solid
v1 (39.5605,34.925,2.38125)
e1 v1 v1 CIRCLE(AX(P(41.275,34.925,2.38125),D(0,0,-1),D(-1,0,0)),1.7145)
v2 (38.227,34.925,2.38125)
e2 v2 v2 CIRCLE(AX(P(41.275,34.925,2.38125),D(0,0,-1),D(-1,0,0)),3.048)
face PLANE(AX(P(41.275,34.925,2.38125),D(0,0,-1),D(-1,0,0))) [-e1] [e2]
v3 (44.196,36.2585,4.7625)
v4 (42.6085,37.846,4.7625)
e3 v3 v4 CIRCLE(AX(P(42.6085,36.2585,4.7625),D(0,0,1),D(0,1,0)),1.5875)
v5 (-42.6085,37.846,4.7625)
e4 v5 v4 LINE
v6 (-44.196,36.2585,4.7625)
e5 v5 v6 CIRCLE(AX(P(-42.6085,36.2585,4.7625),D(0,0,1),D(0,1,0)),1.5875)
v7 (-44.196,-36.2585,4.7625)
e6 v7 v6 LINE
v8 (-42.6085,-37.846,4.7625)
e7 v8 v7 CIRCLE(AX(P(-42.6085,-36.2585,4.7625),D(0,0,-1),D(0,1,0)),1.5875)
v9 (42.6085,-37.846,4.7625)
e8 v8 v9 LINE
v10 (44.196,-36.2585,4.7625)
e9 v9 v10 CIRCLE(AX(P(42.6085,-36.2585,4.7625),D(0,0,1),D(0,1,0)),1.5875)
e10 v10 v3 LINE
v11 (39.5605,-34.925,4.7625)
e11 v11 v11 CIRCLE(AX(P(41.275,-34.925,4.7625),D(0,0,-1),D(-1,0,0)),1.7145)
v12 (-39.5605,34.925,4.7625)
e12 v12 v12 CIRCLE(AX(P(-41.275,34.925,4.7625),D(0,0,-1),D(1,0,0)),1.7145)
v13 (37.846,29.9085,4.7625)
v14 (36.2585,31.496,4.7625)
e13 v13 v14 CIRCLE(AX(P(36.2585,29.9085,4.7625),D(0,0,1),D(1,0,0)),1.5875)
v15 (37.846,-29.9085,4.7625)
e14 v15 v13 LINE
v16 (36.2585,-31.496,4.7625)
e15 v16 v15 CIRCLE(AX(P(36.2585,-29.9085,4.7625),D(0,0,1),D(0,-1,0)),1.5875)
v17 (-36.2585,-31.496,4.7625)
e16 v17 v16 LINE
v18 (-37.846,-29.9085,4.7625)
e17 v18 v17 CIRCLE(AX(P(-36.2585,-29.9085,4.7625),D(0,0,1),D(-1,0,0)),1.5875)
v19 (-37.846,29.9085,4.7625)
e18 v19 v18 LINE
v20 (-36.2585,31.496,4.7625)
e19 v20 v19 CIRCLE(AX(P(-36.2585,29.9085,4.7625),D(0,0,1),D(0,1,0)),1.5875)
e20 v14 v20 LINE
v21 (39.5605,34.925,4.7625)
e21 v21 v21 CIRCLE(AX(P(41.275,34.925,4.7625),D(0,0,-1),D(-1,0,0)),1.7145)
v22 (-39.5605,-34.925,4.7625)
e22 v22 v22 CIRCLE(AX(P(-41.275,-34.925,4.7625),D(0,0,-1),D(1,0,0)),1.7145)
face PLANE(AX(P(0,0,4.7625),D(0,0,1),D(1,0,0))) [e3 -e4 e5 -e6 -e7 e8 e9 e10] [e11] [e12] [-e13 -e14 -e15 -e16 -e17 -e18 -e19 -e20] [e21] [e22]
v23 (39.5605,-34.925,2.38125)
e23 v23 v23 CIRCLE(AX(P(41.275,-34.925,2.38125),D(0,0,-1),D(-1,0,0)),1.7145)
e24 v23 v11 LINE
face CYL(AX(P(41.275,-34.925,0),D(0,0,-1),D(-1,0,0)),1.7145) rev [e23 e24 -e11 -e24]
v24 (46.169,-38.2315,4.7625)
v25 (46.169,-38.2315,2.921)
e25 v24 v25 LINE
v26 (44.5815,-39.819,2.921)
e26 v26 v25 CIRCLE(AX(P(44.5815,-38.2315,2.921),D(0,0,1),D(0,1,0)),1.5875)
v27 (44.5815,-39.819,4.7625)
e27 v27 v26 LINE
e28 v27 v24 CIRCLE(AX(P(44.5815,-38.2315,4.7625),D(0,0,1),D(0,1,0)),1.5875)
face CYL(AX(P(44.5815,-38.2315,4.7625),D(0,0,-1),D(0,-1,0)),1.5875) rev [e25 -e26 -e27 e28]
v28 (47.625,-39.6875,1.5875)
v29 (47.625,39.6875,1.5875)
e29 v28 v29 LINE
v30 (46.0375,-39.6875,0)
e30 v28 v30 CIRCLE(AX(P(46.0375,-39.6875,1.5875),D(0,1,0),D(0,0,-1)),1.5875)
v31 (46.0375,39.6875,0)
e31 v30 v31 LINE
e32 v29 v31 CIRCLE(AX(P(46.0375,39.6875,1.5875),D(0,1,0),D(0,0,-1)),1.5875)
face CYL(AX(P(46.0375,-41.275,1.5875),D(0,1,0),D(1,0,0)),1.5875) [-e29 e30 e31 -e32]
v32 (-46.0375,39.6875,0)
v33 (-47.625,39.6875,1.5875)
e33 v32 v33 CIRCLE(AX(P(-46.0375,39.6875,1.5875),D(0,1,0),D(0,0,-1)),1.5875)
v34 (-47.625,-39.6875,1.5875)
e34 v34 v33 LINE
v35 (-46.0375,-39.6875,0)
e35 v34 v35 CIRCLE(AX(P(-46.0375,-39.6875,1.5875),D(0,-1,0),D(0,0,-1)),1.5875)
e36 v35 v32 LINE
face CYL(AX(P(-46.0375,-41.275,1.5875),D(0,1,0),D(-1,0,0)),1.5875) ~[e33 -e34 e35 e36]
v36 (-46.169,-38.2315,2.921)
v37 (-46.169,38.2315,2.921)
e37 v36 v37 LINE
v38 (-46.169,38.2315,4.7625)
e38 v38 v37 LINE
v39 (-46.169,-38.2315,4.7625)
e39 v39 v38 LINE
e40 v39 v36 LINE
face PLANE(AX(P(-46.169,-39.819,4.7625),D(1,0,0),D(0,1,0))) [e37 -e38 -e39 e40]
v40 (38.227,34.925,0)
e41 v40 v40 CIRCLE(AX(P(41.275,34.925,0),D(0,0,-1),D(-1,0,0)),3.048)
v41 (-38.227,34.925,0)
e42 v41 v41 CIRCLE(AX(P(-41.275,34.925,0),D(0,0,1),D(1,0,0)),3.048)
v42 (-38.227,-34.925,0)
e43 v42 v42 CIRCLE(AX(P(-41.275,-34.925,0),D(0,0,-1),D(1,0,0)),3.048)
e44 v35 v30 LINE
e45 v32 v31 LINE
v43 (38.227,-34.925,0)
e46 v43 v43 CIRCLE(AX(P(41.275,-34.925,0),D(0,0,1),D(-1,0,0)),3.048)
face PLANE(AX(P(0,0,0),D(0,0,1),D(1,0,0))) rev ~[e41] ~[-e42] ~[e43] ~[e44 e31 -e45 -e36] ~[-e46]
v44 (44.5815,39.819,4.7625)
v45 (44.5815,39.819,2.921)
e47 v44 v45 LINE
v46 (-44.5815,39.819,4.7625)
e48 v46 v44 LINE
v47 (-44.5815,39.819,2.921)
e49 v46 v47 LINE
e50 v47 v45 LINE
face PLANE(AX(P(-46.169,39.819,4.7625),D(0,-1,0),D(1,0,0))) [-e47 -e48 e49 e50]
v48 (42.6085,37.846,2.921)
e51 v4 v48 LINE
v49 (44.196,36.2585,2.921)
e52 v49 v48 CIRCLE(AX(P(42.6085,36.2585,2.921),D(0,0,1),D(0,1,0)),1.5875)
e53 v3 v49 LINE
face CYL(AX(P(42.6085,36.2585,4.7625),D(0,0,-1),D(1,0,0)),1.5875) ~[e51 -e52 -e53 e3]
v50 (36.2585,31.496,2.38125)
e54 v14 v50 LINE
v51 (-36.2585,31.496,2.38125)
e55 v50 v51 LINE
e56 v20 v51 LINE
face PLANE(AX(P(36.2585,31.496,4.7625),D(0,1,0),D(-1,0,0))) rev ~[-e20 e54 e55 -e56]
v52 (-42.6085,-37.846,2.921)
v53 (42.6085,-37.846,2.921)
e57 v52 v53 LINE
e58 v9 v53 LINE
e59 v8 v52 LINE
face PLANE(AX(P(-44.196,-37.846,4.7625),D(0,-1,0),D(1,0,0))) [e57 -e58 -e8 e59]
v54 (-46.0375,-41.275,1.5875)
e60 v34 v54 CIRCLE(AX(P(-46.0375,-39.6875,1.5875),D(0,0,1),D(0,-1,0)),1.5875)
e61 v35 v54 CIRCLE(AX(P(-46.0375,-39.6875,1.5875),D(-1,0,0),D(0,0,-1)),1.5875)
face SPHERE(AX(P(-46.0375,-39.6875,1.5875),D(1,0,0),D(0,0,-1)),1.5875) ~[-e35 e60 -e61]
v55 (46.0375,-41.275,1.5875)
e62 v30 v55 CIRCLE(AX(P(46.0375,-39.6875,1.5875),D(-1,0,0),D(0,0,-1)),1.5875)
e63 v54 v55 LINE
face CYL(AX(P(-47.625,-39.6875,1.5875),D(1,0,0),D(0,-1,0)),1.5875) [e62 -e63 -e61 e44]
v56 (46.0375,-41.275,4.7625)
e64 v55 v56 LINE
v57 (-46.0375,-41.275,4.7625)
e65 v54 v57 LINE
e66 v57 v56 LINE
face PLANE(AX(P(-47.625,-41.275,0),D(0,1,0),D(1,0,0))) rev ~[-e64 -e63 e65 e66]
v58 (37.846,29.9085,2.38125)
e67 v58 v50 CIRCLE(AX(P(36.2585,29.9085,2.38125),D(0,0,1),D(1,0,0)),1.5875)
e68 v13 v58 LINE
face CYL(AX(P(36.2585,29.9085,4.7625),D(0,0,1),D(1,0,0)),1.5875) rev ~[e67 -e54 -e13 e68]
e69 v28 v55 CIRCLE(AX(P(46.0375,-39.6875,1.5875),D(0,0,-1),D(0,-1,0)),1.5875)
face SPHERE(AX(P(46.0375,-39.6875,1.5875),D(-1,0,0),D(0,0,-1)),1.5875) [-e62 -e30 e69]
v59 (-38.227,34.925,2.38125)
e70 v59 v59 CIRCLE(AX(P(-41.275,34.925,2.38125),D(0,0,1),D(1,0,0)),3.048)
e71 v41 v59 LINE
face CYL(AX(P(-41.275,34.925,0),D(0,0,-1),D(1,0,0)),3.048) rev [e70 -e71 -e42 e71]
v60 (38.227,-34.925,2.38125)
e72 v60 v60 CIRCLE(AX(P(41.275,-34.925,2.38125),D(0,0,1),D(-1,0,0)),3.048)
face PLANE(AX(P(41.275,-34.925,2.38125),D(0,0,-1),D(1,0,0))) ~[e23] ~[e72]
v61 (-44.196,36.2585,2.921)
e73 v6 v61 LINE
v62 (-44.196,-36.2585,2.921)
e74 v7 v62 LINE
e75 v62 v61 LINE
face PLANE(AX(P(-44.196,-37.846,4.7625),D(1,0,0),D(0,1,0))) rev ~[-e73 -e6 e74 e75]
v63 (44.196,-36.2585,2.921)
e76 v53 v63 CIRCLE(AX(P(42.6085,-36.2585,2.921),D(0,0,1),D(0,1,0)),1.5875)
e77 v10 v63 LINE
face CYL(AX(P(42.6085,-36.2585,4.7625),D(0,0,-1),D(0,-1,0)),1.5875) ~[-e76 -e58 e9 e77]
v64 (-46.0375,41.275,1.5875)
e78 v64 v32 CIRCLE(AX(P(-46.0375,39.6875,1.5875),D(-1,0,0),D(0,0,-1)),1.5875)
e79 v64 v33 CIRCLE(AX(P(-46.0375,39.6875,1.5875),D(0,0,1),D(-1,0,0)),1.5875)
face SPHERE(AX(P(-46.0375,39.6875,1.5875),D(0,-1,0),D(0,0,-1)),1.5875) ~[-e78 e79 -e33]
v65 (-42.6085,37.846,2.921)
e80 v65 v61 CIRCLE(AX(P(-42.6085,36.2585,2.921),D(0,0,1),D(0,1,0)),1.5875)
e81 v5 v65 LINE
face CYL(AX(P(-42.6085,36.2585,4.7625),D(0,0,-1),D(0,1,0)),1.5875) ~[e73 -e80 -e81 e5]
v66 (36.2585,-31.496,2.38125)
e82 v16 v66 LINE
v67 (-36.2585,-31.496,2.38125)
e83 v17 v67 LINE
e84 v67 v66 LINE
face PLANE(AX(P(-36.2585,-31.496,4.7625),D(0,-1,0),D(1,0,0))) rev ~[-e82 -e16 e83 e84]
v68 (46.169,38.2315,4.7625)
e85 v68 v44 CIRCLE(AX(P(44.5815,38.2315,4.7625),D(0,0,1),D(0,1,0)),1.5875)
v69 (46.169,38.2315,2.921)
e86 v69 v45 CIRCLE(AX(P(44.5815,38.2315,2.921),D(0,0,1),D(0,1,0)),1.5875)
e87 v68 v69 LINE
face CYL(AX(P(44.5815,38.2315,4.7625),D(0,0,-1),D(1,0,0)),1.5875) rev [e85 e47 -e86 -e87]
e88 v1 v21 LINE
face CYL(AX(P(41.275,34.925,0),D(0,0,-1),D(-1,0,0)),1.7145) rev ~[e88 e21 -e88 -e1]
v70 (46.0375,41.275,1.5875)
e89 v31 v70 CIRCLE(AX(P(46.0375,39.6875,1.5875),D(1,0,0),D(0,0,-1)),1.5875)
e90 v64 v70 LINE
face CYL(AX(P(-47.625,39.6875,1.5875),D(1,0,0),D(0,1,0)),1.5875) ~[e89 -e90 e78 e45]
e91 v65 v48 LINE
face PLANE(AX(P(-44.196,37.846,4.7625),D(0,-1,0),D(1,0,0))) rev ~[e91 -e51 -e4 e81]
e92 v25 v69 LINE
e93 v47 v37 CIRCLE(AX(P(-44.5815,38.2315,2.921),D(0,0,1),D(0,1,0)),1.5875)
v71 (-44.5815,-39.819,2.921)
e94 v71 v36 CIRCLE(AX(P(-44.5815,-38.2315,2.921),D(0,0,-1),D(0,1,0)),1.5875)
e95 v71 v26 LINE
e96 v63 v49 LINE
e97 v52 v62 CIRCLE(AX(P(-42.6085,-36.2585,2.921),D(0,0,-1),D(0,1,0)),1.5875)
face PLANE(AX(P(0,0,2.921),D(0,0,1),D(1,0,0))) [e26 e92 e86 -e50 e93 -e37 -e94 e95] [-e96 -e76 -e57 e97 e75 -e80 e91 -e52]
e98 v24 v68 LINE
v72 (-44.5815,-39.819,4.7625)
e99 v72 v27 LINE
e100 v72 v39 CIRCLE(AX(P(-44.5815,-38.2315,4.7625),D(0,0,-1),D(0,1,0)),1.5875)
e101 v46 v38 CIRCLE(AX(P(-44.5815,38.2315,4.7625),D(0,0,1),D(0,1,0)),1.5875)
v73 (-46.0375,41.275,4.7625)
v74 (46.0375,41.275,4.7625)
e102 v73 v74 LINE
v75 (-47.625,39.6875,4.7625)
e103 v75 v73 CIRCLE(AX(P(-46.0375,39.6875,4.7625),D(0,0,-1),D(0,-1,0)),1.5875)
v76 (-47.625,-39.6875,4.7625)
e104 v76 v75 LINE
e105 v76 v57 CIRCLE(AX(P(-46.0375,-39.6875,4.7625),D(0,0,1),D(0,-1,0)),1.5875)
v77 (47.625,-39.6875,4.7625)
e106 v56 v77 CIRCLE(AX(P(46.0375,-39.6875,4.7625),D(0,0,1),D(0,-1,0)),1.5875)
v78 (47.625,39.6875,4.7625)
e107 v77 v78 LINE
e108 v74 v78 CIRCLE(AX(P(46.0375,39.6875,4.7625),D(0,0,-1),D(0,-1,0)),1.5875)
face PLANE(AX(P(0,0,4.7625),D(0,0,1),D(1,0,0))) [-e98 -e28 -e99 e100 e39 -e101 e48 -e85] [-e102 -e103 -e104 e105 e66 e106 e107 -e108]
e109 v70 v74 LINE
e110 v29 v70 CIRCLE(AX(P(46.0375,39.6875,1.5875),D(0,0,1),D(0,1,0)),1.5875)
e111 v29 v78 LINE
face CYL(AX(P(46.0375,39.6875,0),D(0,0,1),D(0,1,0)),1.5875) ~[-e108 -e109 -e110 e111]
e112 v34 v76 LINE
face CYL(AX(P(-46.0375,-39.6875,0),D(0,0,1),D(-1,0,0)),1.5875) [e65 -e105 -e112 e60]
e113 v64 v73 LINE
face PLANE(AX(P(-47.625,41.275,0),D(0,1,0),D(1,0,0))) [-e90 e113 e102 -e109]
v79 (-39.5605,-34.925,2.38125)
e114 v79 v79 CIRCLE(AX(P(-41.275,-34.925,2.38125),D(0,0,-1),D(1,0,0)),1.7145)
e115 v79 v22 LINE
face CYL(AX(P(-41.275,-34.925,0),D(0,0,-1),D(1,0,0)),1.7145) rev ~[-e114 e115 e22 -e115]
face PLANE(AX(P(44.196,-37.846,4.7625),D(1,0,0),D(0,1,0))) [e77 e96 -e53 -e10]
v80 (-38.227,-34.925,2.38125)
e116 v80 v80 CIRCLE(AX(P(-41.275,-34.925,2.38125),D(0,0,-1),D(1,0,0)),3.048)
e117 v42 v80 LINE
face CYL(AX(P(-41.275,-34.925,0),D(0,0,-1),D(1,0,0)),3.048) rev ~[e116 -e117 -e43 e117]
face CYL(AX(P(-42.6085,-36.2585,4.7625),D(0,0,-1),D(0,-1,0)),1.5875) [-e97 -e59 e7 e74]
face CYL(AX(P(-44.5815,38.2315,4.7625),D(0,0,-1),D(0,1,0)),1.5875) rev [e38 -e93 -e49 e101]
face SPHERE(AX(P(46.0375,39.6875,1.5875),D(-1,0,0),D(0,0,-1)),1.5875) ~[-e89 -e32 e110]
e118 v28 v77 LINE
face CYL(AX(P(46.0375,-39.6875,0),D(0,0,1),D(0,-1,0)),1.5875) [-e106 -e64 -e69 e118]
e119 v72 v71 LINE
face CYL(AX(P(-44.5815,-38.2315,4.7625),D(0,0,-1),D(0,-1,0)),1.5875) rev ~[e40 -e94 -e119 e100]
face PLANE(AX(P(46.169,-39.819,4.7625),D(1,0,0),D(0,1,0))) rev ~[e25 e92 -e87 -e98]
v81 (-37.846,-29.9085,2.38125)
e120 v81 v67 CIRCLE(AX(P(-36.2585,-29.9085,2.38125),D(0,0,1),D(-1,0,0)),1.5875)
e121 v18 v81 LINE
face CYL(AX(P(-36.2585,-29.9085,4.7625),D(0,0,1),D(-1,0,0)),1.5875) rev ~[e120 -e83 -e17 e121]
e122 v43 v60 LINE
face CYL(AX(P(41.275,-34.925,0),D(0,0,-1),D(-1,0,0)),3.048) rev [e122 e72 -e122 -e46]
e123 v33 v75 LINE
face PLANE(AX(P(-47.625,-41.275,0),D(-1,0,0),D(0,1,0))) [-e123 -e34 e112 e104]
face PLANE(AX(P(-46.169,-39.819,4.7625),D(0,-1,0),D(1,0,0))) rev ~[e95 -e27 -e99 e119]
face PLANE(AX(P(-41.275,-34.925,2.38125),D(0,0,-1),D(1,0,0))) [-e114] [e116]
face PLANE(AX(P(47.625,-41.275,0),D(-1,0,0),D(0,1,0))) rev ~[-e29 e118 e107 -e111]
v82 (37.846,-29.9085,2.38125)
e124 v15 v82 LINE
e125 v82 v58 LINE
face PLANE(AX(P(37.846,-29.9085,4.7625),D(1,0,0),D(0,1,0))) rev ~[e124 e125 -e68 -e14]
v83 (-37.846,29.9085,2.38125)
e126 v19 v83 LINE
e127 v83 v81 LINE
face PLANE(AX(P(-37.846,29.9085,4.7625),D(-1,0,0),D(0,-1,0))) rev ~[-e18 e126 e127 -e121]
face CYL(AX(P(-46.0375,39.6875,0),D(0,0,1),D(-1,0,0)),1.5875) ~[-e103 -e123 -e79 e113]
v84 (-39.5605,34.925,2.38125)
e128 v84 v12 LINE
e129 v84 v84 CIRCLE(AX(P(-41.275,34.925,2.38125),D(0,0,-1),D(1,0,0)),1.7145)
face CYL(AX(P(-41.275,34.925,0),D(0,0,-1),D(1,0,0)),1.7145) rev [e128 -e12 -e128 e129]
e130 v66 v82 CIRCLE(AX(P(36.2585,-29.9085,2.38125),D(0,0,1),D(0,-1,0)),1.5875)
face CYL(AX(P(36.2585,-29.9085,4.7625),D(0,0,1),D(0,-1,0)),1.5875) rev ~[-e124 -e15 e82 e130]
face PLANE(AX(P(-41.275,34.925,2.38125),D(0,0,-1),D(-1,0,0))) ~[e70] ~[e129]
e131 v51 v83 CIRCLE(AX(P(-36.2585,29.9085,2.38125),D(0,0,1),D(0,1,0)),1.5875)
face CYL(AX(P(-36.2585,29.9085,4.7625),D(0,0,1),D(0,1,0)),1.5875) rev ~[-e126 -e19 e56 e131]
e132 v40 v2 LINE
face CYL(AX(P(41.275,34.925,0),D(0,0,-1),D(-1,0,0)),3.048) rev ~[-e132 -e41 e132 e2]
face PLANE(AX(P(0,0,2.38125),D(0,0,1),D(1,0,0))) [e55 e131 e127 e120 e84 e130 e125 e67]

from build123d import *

# Parameters (mm, degrees)
SKETCH1_W                                  = 95.25
SKETCH1_H                                  = 82.55
BOSS_EXTRUDE1_DEPTH                        = 4.7625
SKETCH2_W                                  = 92.338000236
SKETCH2_H                                  = 79.638
SKETCH2_W_2                                = 88.392
SKETCH2_H_2                                = 75.692
CUT_EXTRUDE1_DEPTH                         = 1.8415
FILLET1_R                                  = 1.5875
FILLET2_R                                  = 1.5875
SKETCH3_R                                  = 1.7145
CUT_EXTRUDE2_DEPTH                         = 64.201642829
SKETCH4_R                                  = 3.048
CUT_EXTRUDE3_DEPTH                         = 2.38125
MIRROR1_AT_THE_SECOND_PLANE_COPY_1_SKETC_R = 1.7145
MIRROR1_AT_THE_SECOND_PLANE_COPY_1_DEPTH   = 64.201642829
MIRROR1_AT_THE_SECOND_PLANE_COPY_2_SKETC_R = 3.048
MIRROR1_AT_THE_SECOND_PLANE_COPY_2_DEPTH   = 2.38125
CUT_EXTRUDE4_DEPTH                         = 2.38125


with BuildPart() as part:
    # Sketch1 → Boss-Extrude1 (new body)
    with BuildSketch(Plane.XY):
        Rectangle(SKETCH1_W, SKETCH1_H)
    extrude(amount=BOSS_EXTRUDE1_DEPTH)

    # Sketch2 → Cut-Extrude1 (cut)
    with BuildSketch(Plane.XY.offset(4.7625)):
        Rectangle(SKETCH2_W, SKETCH2_H)
        Rectangle(SKETCH2_W_2, SKETCH2_H_2, mode=Mode.SUBTRACT)
    extrude(amount=-CUT_EXTRUDE1_DEPTH, mode=Mode.SUBTRACT)

    # Fillet1
    fillet1_edges = [part.edges().sort_by_distance(p)[0] for p in [
        (46.169000118, 39.819, 3.84175),
        (46.169000118, -39.819, 3.84175),
        (-46.169000118, -39.819, 3.84175),
        (-46.169000118, 39.819, 3.84175),
        (44.196, -37.846, 3.84175),
        (-44.196, -37.846, 3.84175),
        (-44.196, 37.846, 3.84175),
        (44.196, 37.846, 3.84175),
    ]]
    fillet(fillet1_edges, radius=FILLET1_R)

    # Fillet2
    fillet2_edges = [part.edges().sort_by_distance(p)[0] for p in [
        (0, -41.275, 0),
        (-47.625, 0, 0),
        (0, 41.275, 0),
        (47.625, 0, 0),
        (47.625, -41.275, 2.38125),
        (-47.625, -41.275, 2.38125),
        (-47.625, 41.275, 2.38125),
        (47.625, 41.275, 2.38125),
    ]]
    fillet(fillet2_edges, radius=FILLET2_R)

    # Sketch3 → Cut-Extrude2 (cut, through all)
    with BuildSketch(Plane(origin=(0, 0, 0), x_dir=(-1, 0, 0), z_dir=(0, 0, -1))):
        with Locations((-41.275, 34.925)):
            Circle(SKETCH3_R)
    cut_extrude2 = extrude(amount=-CUT_EXTRUDE2_DEPTH, mode=Mode.SUBTRACT)

    # Sketch4 → Cut-Extrude3 (cut)
    with BuildSketch(Plane(origin=(0, 0, 0), x_dir=(-1, 0, 0), z_dir=(0, 0, -1))):
        with Locations((-41.275, 34.925)):
            Circle(SKETCH4_R)
    cut_extrude3 = extrude(amount=-CUT_EXTRUDE3_DEPTH, mode=Mode.SUBTRACT)

    # Mirror1: Cut-Extrude2, Cut-Extrude3 across plane
    add(cut_extrude2.mirror(Plane(origin=(0, 0, 0), x_dir=(0, 0, 1), z_dir=(1, 0, 0))), mode=Mode.SUBTRACT)
    add(cut_extrude3.mirror(Plane(origin=(0, 0, 0), x_dir=(0, 0, 1), z_dir=(1, 0, 0))), mode=Mode.SUBTRACT)

    # Mirror1 at the second plane: Cut-Extrude2, Cut-Extrude3 across plane
    add(cut_extrude2.mirror(Plane.ZX), mode=Mode.SUBTRACT)
    add(cut_extrude3.mirror(Plane.ZX), mode=Mode.SUBTRACT)

    # Mirror1 at the second plane copy 1 sketc → Mirror1 at the second plane copy 1 (cut, through all)
    with BuildSketch(Plane(origin=(0, 0, 0), x_dir=(1, 0, 0), z_dir=(0, 0, -1))):
        with Locations((-41.275, 34.925)):
            Circle(MIRROR1_AT_THE_SECOND_PLANE_COPY_1_SKETC_R)
    extrude(amount=-MIRROR1_AT_THE_SECOND_PLANE_COPY_1_DEPTH, mode=Mode.SUBTRACT)

    # Mirror1 at the second plane copy 2 sketc → Mirror1 at the second plane copy 2 (cut)
    with BuildSketch(Plane(origin=(0, 0, 0), x_dir=(1, 0, 0), z_dir=(0, 0, -1))):
        with Locations((-41.275, 34.925)):
            Circle(MIRROR1_AT_THE_SECOND_PLANE_COPY_2_SKETC_R)
    extrude(amount=-MIRROR1_AT_THE_SECOND_PLANE_COPY_2_DEPTH, mode=Mode.SUBTRACT)

    # Sketch5 → Cut-Extrude4 (cut)
    with BuildSketch(Plane.XY.offset(4.7625)):
        with BuildLine():
            Line((-36.2585, -31.496), (36.2585, -31.496))
            ThreePointArc((36.2585, -31.496), (37.381032015, -31.031032015), (37.846, -29.9085))
            Line((37.846, -29.9085), (37.846, 29.9085))
            ThreePointArc((37.846, 29.9085), (37.381032015, 31.031032015), (36.2585, 31.496))
            Line((36.2585, 31.496), (-36.2585, 31.496))
            ThreePointArc((-36.2585, 31.496), (-37.381032015, 31.031032015), (-37.846, 29.9085))
            Line((-37.846, 29.9085), (-37.846, -29.9085))
            ThreePointArc((-37.846, -29.9085), (-37.381032015, -31.031032015), (-36.2585, -31.496))
        make_face()
    extrude(amount=-CUT_EXTRUDE4_DEPTH, mode=Mode.SUBTRACT)


solid = part.part
